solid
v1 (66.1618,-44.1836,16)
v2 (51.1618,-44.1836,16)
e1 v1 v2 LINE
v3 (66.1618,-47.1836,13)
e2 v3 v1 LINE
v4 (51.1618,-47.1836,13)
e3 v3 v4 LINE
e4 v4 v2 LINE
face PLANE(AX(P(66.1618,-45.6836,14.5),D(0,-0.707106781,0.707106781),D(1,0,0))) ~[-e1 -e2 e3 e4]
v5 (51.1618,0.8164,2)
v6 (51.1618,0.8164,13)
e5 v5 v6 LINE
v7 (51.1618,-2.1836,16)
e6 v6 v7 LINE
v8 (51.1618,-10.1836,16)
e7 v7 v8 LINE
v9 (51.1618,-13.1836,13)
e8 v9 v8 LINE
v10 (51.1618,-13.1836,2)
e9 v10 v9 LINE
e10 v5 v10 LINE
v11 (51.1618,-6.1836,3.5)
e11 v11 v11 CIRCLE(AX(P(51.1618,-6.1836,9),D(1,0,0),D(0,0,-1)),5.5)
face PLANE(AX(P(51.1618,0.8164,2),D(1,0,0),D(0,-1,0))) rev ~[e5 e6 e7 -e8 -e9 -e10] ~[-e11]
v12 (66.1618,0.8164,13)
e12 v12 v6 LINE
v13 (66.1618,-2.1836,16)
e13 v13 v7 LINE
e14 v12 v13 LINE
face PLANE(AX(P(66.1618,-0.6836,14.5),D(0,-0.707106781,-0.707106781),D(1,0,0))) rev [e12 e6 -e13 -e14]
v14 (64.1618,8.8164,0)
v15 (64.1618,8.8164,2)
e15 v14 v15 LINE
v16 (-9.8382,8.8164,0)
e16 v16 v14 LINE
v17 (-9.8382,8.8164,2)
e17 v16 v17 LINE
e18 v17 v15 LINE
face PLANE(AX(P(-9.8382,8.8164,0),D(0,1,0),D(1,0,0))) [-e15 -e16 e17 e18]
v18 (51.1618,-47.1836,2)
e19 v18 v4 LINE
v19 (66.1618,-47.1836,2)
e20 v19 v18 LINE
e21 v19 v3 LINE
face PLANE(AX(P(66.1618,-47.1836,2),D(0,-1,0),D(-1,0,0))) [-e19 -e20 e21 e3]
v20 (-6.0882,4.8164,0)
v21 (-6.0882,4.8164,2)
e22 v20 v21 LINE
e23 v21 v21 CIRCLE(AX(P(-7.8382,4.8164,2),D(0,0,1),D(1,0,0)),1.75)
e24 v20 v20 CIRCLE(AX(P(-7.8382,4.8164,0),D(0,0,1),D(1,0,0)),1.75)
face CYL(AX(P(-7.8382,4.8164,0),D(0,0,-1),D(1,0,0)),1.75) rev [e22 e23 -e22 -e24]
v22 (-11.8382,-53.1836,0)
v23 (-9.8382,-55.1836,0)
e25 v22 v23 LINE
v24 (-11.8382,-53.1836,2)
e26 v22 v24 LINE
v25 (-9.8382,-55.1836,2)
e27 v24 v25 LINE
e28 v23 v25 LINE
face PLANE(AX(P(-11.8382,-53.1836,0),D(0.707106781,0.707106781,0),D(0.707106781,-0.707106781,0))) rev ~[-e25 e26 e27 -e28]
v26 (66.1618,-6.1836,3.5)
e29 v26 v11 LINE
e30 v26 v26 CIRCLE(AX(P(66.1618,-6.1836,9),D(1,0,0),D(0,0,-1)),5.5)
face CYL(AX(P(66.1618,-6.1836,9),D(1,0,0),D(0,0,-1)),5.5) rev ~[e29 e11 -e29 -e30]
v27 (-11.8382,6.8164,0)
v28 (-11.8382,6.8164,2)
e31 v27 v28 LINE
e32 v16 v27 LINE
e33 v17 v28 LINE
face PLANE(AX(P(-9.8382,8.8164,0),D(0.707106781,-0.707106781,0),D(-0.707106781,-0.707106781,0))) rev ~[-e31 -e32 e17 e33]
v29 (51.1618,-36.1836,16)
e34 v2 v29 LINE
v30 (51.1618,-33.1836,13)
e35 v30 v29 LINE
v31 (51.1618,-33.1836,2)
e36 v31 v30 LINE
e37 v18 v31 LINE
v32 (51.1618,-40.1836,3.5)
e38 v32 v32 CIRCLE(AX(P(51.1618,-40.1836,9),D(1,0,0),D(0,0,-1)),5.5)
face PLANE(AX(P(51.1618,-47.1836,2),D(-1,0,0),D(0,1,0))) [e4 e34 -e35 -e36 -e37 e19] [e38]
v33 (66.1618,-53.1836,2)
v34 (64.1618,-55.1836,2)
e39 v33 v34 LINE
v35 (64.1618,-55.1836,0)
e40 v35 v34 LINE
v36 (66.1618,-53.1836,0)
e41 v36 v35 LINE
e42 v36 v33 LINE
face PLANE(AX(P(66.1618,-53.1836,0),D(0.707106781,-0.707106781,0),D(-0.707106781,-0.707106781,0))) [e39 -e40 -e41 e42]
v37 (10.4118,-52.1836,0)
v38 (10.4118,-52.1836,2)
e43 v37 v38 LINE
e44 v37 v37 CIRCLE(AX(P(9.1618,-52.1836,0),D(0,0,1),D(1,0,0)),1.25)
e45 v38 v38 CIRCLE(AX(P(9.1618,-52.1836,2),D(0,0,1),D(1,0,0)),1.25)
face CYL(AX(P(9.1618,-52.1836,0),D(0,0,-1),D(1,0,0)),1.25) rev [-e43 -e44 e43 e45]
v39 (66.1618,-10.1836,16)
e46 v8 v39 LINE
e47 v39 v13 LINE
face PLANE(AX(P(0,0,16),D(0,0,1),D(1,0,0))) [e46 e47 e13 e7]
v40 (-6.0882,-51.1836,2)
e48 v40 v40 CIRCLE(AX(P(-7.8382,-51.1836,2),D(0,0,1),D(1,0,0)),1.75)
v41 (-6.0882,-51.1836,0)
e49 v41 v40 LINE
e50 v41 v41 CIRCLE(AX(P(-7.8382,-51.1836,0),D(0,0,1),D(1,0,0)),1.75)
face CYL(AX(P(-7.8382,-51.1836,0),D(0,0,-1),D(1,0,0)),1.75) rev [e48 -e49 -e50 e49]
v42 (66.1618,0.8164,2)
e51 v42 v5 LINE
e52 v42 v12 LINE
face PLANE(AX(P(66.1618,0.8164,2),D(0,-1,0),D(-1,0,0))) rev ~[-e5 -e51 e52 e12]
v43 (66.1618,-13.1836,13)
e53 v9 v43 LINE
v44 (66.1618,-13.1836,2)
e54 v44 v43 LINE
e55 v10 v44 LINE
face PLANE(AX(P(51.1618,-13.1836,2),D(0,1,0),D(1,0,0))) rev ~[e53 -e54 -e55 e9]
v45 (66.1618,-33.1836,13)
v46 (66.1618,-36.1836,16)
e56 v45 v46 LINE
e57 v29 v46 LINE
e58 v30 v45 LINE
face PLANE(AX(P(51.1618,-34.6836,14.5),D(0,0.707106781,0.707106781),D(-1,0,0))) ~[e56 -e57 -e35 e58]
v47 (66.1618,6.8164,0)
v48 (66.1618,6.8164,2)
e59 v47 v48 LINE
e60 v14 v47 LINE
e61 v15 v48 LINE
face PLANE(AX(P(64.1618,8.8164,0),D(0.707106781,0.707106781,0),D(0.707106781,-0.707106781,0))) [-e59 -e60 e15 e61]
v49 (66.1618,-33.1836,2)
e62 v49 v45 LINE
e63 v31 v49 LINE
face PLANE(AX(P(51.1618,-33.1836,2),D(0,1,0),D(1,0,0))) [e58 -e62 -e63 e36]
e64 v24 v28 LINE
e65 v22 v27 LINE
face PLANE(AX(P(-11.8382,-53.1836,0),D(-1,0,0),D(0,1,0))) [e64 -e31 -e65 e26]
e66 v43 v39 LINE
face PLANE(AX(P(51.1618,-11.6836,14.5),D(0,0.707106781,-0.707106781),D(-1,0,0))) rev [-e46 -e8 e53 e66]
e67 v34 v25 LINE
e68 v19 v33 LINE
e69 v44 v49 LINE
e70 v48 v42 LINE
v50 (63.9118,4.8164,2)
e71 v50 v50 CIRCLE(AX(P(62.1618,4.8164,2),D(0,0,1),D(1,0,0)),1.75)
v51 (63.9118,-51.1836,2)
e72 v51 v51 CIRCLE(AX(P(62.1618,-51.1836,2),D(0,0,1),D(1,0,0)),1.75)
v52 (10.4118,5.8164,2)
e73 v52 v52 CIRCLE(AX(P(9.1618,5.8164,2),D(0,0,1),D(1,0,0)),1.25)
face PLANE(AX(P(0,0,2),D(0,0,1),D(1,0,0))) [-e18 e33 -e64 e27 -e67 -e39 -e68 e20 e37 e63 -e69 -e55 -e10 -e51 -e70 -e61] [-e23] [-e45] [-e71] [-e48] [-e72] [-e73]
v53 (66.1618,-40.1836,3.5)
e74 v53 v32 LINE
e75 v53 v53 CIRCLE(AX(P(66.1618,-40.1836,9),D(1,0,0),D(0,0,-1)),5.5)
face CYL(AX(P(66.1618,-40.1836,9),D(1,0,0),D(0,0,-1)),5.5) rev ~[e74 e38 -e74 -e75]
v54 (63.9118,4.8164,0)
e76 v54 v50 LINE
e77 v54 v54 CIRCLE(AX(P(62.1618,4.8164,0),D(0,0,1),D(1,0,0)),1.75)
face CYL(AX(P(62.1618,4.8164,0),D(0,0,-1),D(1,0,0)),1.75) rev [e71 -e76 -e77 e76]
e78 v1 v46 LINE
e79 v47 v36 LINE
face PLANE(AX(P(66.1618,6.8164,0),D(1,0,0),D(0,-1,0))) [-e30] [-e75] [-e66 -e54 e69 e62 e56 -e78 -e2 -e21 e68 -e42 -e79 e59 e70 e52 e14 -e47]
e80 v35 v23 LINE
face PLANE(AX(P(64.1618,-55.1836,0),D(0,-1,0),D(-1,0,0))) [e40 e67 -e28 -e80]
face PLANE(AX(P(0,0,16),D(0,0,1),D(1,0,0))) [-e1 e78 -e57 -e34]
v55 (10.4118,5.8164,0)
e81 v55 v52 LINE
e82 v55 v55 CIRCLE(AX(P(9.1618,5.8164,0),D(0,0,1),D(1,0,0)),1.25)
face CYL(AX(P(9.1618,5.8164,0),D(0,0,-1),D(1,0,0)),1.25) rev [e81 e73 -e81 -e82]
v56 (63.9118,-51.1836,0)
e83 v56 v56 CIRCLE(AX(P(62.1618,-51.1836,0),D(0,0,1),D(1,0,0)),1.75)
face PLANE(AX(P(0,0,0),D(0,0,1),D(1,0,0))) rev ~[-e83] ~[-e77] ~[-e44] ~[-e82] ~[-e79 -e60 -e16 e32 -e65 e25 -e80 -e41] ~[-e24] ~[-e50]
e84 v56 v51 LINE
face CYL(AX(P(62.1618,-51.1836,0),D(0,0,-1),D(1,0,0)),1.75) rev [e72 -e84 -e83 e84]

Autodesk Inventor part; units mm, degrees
ref_plane "YZ Plane" through (0, 0, 0) normal (1, 0, 0) x (0, 1, 0)
ref_plane "XZ Plane" through (0, 0, 0) normal (0, 1, 0) x (-1, 0, 0)
ref_plane "XY Plane" through (0, 0, 0) normal (0, 0, 1) x (1, 0, 0)
sketch "Sketch1" plane through (0, 0, 0) normal (0, 0, 1) x (1, 0, 0)
  line L0 (-9.8382, 8.8164) -> (64.1618, 8.8164)
  line L1 (66.1618, 6.8164) -> (66.1618, -53.1836)
  line L2 (64.1618, -55.1836) -> (-9.8382, -55.1836)
  line L3 (-11.8382, -53.1836) -> (-11.8382, 6.8164)
  line L4 (-9.8382, 8.8164) -> (-11.8382, 6.8164)
  line L5 (64.1618, 8.8164) -> (66.1618, 6.8164)
  line L6 (66.1618, -53.1836) -> (64.1618, -55.1836)
  line L7 (-11.8382, -53.1836) -> (-9.8382, -55.1836)
  circle A0 centre (9.1618, 5.8164) radius 1.25
  circle A1 centre (9.1618, -52.1836) radius 1.25
  circle A2 centre (-7.8382, 4.8164) radius 1.75
  circle A3 centre (-7.8382, -51.1836) radius 1.75
  circle A4 centre (62.1618, -51.1836) radius 1.75
  circle A5 centre (62.1618, 4.8164) radius 1.75
  point P0 (0, 0)
  point P1 (-11.8382, 8.8164)
  point P2 (66.1618, -55.1836)
  point P3 (66.1618, 8.8164)
  point P4 (-11.8382, -55.1836)
  dimension "d0" = 78
  dimension "d1" = 64
  dimension "d2" = 2
  dimension "d3" = 2
  dimension "d4" = 2
  dimension "d5" = 2
  dimension "d6" = 2
  dimension "d7" = 2
  dimension "d8" = 2
  dimension "d9" = 2
  dimension "d10" = 2.5
  dimension "d11" = 21
  dimension "d12" = 3
  dimension "d13" = 2.5
  dimension "d14" = 3
  dimension "d15" = 21
  dimension "d16" = 3.5
  dimension "d17" = 4
  dimension "d18" = 4
  dimension "d19" = 3.5
  dimension "d20" = 4
  dimension "d21" = 4
  dimension "d22" = 3.5
  dimension "d23" = 4
  dimension "d24" = 4
  dimension "d25" = 3.5
  dimension "d26" = 4
  dimension "d27" = 4
extrude "Extrusion1" add sketch "Sketch1" along normal blind 2
sketch "Sketch2" plane through (0, 0, 2) normal (0, 0, 1) x (1, 0, 0)
  line L0 (66.1618, -53.1836) -> (66.1618, 6.8164) projected
  line L1 (66.1618, 0.8164) -> (51.1618, 0.8164)
  line L2 (51.1618, 0.8164) -> (51.1618, -13.1836)
  line L3 (51.1618, -13.1836) -> (66.1618, -13.1836)
  line L4 (66.1618, -13.1836) -> (66.1618, 0.8164)
  line L5 (64.1618, 8.8164) -> (-9.8382, 8.8164) projected
  line L6 (66.1618, -47.1836) -> (51.1618, -47.1836)
  line L7 (51.1618, -47.1836) -> (51.1618, -33.1836)
  line L8 (51.1618, -33.1836) -> (66.1618, -33.1836)
  line L9 (66.1618, -33.1836) -> (66.1618, -47.1836)
  line L10 (-9.8382, -55.1836) -> (64.1618, -55.1836) projected
  point P0 (0, 0)
  dimension "d30" = 15
  dimension "d31" = 14
  dimension "d32" = 8
  dimension "d33" = 14
  dimension "d34" = 8
extrude "Extrusion2" add sketch "Sketch2" along normal blind 14
sketch "Sketch3" plane through (66.1618, -53.1836, 0) normal (1, 0, 0) x (0, 0, -1)
  circle A0 centre (-9, 13) radius 5.5
  line L0 (-2, 6) -> (-16, 6) projected
  line L1 (-16, 6) -> (-16, 20) projected
  circle A1 centre (-9, 47) radius 5.5
  line L2 (-16, 40) -> (-16, 54) projected
  line L3 (-2, 40) -> (-16, 40) projected
  point P0 (0, 53.1836)
  dimension "d37" = 11
  dimension "d38" = 7
  dimension "d39" = 7
  dimension "d40" = 11
  dimension "d41" = 7
  dimension "d42" = 7
extrude "Extrusion3" cut sketch "Sketch3" against normal up to surface (15 mm away)
chamfer "Chamfer1" distance 3 angle 45 4 edges at (58.6618, 0.8164, 16) (58.6618, -13.1836, 16) (58.6618, -33.1836, 16) (58.6618, -47.1836, 16)
equation "\"d3\" = d2"
equation "\"d4\" = d2"
equation "\"d5\" = d4"
equation "\"d6\" = d2"
equation "\"d7\" = d6"
equation "\"d8\" = d2"
equation "\"d9\" = d8"
properties part number "powersupplymount"
